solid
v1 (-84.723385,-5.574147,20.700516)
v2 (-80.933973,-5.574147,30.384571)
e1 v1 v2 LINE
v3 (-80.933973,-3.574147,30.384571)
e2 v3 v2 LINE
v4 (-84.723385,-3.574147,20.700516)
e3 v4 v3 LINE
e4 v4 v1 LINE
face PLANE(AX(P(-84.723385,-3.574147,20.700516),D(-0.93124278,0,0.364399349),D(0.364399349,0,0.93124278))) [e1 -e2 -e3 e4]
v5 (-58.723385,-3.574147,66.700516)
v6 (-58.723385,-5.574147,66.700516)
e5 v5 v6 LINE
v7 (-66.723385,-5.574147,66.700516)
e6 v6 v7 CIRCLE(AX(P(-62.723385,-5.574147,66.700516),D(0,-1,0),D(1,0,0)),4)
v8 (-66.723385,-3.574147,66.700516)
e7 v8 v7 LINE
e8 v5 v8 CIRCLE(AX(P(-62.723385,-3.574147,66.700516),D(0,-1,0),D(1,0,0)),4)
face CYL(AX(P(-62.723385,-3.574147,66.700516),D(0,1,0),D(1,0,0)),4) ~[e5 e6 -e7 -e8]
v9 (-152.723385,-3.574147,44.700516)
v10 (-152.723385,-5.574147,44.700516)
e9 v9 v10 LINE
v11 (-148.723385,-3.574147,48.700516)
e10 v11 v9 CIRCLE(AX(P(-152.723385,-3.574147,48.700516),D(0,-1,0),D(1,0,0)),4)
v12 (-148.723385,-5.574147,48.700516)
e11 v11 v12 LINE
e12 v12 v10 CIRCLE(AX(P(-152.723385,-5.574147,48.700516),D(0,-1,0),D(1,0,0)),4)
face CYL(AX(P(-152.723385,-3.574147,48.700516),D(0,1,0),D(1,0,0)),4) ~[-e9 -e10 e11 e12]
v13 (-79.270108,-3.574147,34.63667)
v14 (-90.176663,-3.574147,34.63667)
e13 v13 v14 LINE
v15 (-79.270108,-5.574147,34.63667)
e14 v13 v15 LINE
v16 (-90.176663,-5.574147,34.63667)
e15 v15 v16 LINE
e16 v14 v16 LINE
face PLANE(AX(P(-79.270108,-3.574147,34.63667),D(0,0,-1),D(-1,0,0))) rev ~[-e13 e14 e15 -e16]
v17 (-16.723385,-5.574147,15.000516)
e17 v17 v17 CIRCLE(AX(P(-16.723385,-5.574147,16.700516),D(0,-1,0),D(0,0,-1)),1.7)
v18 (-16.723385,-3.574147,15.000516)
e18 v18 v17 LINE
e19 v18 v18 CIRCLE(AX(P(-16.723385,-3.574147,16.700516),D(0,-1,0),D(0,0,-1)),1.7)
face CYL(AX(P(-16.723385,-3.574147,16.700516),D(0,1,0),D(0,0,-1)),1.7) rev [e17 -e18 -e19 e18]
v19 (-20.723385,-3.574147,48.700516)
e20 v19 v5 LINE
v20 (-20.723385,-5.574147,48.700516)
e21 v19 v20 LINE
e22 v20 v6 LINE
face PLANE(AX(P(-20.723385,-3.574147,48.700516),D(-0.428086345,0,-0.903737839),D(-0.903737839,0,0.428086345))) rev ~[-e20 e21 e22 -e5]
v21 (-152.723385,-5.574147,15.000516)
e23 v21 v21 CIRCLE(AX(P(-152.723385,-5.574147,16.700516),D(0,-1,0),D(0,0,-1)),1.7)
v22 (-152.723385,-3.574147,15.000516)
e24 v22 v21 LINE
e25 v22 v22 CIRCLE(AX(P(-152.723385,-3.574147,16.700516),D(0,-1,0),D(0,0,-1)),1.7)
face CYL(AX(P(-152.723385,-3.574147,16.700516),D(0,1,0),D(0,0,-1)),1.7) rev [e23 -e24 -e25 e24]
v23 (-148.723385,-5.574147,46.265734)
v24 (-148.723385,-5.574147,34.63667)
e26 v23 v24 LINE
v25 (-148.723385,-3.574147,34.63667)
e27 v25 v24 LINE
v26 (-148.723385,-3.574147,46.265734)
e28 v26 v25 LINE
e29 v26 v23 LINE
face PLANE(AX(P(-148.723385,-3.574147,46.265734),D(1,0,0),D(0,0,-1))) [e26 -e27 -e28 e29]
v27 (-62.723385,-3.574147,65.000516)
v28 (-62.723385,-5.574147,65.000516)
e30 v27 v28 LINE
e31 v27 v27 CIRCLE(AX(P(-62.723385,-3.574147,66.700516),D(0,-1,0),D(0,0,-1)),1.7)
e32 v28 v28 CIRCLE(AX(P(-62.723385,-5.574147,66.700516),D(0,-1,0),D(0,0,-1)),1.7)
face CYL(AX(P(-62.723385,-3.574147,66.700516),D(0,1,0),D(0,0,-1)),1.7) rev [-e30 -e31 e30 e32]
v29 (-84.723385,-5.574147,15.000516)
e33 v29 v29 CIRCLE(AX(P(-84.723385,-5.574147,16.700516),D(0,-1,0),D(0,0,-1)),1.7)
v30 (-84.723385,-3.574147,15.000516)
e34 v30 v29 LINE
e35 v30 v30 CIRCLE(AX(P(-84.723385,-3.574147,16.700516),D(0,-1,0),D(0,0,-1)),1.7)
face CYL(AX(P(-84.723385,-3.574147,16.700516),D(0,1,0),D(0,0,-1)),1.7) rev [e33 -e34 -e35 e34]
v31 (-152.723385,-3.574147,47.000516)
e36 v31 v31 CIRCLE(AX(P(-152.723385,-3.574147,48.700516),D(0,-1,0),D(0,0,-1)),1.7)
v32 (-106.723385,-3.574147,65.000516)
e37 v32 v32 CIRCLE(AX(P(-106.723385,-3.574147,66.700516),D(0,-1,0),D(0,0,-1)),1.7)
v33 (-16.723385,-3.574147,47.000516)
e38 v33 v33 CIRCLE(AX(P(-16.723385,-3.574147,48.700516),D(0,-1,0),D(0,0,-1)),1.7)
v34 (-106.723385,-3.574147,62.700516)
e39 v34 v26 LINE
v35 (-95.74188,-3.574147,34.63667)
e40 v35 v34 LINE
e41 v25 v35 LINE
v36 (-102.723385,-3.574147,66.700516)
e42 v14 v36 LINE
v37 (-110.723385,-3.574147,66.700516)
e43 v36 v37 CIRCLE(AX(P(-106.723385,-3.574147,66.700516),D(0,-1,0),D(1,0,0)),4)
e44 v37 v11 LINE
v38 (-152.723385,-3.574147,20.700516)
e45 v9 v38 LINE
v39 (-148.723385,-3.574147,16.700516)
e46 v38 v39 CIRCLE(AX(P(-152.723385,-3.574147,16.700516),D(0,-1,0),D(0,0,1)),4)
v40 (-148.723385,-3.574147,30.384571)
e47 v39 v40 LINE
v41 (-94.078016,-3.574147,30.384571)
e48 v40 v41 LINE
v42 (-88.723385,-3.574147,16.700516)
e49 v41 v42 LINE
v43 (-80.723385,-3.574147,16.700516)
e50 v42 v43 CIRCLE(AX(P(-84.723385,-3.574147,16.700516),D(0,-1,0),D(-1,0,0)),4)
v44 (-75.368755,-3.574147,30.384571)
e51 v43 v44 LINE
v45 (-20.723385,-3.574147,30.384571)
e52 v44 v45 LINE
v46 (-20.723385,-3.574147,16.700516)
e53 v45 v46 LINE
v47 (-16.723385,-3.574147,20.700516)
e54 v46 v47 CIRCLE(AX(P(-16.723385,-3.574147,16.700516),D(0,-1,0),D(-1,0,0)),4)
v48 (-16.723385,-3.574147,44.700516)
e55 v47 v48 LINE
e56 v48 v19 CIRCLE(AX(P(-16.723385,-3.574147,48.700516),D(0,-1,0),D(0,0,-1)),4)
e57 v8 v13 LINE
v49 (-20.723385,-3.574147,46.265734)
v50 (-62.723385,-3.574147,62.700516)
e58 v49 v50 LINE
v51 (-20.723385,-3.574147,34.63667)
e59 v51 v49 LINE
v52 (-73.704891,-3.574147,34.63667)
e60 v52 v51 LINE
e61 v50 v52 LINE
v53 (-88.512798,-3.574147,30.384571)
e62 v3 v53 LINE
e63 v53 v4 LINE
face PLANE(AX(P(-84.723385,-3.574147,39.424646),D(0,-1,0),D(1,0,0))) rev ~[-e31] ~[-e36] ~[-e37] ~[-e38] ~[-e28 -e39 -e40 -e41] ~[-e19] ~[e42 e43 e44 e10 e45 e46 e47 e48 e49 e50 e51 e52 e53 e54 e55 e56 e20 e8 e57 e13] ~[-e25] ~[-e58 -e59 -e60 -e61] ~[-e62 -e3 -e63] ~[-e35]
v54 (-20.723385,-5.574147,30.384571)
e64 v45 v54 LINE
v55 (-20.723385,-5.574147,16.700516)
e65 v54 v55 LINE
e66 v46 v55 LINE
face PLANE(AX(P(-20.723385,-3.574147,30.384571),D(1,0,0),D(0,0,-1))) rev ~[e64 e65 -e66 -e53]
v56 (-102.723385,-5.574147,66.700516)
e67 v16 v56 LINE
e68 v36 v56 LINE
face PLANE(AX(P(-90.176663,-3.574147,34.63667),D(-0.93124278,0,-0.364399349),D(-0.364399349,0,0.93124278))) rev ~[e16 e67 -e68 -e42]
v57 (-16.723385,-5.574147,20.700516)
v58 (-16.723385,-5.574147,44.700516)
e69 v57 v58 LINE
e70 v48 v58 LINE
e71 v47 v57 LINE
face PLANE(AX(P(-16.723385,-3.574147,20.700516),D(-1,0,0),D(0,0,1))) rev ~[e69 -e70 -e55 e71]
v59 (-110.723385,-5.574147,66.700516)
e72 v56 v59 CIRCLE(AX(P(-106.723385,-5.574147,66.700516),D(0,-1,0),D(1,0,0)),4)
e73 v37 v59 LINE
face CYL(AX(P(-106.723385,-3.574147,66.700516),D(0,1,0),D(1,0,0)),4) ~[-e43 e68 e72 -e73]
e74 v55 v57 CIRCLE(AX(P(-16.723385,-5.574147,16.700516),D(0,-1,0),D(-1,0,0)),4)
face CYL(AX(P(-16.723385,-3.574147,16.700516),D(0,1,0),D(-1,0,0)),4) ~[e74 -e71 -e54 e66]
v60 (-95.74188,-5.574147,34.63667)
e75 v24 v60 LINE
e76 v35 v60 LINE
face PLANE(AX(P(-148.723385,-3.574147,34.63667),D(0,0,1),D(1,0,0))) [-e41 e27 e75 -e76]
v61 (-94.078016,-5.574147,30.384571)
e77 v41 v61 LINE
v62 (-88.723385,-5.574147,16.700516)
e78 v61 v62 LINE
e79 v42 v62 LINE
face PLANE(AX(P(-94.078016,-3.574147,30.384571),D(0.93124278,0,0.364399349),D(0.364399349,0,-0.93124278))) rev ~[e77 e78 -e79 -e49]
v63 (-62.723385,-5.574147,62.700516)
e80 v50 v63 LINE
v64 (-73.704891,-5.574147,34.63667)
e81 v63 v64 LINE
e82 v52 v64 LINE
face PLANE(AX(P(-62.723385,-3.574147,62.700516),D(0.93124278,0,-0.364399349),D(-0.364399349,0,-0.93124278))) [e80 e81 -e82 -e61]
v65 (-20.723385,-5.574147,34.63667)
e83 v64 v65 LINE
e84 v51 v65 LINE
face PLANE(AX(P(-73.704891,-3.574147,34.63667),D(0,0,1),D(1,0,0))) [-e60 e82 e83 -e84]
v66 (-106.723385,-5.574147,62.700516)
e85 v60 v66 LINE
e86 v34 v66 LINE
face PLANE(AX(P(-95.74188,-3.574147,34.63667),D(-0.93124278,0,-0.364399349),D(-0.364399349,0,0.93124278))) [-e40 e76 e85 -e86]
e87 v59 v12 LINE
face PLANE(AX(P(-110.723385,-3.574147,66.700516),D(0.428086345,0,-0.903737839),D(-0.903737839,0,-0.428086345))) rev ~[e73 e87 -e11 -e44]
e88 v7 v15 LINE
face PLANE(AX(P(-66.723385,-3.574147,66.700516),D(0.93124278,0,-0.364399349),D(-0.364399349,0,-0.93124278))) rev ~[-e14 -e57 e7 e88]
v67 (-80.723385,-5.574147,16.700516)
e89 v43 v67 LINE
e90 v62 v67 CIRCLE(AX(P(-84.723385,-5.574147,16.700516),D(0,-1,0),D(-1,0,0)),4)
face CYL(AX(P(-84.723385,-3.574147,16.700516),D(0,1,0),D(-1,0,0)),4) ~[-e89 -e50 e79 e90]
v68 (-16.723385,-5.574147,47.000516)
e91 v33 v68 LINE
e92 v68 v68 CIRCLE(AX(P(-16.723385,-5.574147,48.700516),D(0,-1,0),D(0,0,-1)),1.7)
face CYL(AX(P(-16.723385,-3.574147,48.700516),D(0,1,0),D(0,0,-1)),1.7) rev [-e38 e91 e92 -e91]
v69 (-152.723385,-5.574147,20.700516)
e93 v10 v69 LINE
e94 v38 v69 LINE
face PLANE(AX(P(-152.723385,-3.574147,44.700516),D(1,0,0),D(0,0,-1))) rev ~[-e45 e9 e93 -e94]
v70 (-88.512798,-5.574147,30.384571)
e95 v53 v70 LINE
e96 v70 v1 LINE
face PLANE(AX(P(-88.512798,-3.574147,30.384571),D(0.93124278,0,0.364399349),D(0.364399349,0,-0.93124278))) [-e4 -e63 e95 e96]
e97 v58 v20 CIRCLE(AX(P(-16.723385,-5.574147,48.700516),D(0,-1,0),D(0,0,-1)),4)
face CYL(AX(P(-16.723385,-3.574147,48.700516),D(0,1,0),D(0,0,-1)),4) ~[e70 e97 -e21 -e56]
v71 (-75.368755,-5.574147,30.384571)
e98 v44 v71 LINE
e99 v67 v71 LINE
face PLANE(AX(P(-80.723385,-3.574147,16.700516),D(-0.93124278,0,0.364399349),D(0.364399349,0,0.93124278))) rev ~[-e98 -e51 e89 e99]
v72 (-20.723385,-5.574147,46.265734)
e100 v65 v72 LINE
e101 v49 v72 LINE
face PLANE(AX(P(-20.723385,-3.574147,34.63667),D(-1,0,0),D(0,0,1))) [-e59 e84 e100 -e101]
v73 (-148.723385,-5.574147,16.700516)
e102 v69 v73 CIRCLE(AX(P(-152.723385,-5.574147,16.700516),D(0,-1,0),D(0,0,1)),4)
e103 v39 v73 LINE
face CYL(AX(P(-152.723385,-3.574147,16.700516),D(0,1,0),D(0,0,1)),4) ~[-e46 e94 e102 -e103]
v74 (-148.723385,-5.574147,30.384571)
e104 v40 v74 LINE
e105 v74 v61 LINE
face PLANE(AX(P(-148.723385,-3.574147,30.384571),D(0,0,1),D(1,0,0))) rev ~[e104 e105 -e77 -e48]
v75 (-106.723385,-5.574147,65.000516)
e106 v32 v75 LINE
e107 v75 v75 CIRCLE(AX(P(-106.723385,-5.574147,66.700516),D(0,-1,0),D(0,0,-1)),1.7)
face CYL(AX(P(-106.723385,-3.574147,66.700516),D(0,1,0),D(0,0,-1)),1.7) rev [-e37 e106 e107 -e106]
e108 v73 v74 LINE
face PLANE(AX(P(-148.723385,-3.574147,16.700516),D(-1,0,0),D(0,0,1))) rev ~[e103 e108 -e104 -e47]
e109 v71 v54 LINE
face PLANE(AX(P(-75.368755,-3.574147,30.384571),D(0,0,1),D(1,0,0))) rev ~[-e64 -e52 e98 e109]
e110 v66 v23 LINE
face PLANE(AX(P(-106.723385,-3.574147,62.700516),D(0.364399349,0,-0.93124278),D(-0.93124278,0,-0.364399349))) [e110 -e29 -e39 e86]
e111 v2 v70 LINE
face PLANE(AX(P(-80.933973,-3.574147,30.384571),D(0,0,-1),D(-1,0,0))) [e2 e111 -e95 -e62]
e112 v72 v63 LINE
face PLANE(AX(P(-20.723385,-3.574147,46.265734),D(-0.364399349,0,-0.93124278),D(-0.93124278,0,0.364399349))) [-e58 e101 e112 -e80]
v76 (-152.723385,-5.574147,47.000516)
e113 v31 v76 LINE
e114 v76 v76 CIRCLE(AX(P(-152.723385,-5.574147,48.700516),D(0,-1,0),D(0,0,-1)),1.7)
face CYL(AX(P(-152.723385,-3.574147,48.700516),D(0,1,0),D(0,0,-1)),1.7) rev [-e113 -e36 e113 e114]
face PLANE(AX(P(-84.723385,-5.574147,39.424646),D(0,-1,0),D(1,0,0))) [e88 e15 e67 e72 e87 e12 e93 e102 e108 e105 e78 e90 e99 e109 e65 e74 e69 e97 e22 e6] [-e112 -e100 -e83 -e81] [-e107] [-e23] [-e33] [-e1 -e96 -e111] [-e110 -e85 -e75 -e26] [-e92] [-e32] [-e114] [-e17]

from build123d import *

# Parameters (mm, degrees)
SKETCH1_R           = 1.7
BOSS_EXTRUDE2_DEPTH = 2


with BuildPart() as part:
    # Sketch1 → Boss-Extrude2 (new body)
    with BuildSketch(Plane.XZ.offset(3.574146791)):
        with BuildLine():
            Line((-152.723385358, 44.700516394), (-152.723385358, 20.700516394))
            ThreePointArc((-152.723385358, 20.700516394), (-155.551812483, 13.872089269), (-148.723385358, 16.700516394))
            Line((-148.723385358, 16.700516394), (-148.723385358, 30.384571347))
            Line((-148.723385358, 30.384571347), (-94.078015557, 30.384571347))
            Line((-94.078015557, 30.384571347), (-88.723385358, 16.700516394))
            ThreePointArc((-88.723385358, 16.700516394), (-84.723385358, 12.700516394), (-80.723385358, 16.700516394))
            Line((-80.723385358, 16.700516394), (-75.368755159, 30.384571347))
            Line((-75.368755159, 30.384571347), (-20.723385358, 30.384571347))
            Line((-20.723385358, 30.384571347), (-20.723385358, 16.700516394))
            ThreePointArc((-20.723385358, 16.700516394), (-13.894958233, 13.872089269), (-16.723385358, 20.700516394))
            Line((-16.723385358, 20.700516394), (-16.723385358, 44.700516394))
            ThreePointArc((-16.723385358, 44.700516394), (-13.894958233, 51.528943519), (-20.723385358, 48.700516394))
            Line((-20.723385358, 48.700516394), (-58.723385358, 66.700516394))
            ThreePointArc((-58.723385358, 66.700516394), (-62.723385358, 70.700516394), (-66.723385358, 66.700516394))
            Line((-66.723385358, 66.700516394), (-79.270108033, 34.636669558))
            Line((-79.270108033, 34.636669558), (-90.176662683, 34.636669558))
            Line((-90.176662683, 34.636669558), (-102.723385358, 66.700516394))
            ThreePointArc((-102.723385358, 66.700516394), (-106.723385358, 70.700516394), (-110.723385358, 66.700516394))
            Line((-110.723385358, 66.700516394), (-148.723385358, 48.700516394))
            ThreePointArc((-148.723385358, 48.700516394), (-155.551812483, 51.528943519), (-152.723385358, 44.700516394))
        make_face()
        with Locations(Location((-152.723385358, 48.700516394, 0), (0, 0, 270))):
            Circle(SKETCH1_R, mode=Mode.SUBTRACT)
        with Locations(Location((-106.723385358, 66.700516394, 0), (0, 0, 270))):
            Circle(SKETCH1_R, mode=Mode.SUBTRACT)
        with Locations(Location((-62.723385358, 66.700516394, 0), (0, 0, 270))):
            Circle(SKETCH1_R, mode=Mode.SUBTRACT)
        with Locations(Location((-16.723385358, 48.700516394, 0), (0, 0, 270))):
            Circle(SKETCH1_R, mode=Mode.SUBTRACT)
        with Locations(Location((-152.723385358, 16.700516394, 0), (0, 0, 270))):
            Circle(SKETCH1_R, mode=Mode.SUBTRACT)
        with Locations(Location((-84.723385358, 16.700516394, 0), (0, 0, 270))):
            Circle(SKETCH1_R, mode=Mode.SUBTRACT)
        with Locations(Location((-16.723385358, 16.700516394, 0), (0, 0, 270))):
            Circle(SKETCH1_R, mode=Mode.SUBTRACT)
        Polygon((-148.723385358, 46.265733785), (-148.723385358, 34.636669558), (-95.741880075, 34.636669558), (-106.723385358, 62.700516394), align=None, mode=Mode.SUBTRACT)
        Polygon((-84.723385358, 20.700516394), (-80.933972551, 30.384571347), (-88.512798166, 30.384571347), align=None, mode=Mode.SUBTRACT)
        Polygon((-62.723385358, 62.700516394), (-73.704890642, 34.636669558), (-20.723385358, 34.636669558), (-20.723385358, 46.265733785), align=None, mode=Mode.SUBTRACT)
    extrude(amount=BOSS_EXTRUDE2_DEPTH)


solid = part.part
